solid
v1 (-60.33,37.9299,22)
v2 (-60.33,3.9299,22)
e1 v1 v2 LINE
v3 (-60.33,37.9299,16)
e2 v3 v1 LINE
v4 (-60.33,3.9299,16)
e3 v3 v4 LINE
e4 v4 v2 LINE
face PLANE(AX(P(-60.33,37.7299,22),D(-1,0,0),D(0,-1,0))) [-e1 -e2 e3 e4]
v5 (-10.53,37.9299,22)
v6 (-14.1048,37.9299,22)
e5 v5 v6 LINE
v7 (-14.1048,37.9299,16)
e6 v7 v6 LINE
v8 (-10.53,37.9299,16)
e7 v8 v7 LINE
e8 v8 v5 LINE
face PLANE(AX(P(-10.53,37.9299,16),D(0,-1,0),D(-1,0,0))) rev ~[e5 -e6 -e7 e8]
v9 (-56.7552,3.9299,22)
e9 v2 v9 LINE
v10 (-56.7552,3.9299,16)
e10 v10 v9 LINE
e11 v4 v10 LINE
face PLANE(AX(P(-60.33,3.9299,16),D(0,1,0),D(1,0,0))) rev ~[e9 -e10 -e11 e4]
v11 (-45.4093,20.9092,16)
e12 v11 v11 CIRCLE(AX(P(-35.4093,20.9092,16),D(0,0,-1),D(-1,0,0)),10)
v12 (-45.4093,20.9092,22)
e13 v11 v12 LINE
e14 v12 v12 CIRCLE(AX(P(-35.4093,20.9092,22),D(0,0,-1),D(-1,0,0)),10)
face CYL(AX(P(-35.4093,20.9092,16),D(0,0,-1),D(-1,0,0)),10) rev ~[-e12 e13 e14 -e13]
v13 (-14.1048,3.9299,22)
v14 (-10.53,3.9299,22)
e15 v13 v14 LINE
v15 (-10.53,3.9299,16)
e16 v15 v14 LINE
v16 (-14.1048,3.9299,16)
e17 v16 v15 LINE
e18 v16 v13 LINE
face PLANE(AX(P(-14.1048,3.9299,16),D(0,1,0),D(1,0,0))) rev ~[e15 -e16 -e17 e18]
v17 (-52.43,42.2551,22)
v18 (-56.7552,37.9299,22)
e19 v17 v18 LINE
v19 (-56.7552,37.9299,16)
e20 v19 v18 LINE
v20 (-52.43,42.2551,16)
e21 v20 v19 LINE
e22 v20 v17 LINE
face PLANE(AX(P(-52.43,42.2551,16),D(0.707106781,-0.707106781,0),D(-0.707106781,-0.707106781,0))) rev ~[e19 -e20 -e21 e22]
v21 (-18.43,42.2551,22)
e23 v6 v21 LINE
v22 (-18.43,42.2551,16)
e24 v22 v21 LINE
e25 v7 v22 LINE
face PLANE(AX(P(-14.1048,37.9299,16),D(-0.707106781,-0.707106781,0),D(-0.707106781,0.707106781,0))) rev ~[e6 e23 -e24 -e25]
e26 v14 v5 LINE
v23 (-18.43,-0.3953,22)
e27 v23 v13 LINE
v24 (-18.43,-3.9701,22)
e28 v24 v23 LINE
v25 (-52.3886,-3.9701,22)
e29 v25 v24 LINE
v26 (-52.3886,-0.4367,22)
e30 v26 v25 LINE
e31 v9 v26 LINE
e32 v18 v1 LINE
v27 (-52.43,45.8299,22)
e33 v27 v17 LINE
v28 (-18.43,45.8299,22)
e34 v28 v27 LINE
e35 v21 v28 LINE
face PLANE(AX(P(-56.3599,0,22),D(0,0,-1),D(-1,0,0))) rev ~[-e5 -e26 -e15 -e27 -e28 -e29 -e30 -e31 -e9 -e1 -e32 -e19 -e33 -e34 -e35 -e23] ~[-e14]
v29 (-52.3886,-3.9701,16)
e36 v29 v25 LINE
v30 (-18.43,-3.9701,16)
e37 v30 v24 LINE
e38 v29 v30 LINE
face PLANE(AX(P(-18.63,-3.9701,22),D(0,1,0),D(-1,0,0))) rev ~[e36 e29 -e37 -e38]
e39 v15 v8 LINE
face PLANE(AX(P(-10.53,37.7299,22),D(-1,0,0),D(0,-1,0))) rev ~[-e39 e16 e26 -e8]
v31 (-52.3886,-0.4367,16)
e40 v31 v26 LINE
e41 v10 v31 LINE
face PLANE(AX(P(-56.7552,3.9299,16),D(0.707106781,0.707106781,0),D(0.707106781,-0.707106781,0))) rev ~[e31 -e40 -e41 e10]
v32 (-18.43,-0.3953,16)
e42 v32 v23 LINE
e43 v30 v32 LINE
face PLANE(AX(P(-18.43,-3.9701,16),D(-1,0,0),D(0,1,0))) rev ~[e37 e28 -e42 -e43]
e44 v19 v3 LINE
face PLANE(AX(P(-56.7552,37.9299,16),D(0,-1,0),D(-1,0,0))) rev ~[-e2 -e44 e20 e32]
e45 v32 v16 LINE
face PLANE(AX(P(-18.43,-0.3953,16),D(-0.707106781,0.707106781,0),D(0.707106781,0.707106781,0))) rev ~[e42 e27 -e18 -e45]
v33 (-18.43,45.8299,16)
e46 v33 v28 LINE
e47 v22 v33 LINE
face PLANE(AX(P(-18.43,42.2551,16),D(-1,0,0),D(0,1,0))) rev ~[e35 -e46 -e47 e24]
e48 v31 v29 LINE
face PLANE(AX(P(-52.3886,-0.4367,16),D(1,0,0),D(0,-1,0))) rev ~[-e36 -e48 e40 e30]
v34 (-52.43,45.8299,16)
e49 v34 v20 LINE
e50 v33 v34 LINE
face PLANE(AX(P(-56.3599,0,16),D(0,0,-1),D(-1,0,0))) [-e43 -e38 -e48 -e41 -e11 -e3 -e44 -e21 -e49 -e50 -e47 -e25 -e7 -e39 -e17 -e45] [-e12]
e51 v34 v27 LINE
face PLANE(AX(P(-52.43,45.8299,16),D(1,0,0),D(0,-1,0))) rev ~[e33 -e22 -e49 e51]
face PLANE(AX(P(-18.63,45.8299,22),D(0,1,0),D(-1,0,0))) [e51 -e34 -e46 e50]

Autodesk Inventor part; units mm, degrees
ref_plane "YZ Plane" through (0, 0, 0) normal (1, 0, 0) x (0, 1, 0)
ref_plane "XZ Plane" through (0, 0, 0) normal (0, 1, 0) x (-1, 0, 0)
ref_plane "Work Plane1" through (-56.3599, 0, 22) normal (0, 0, -1) x (-1, 0, 0)
sketch "Sketch1" plane through (-56.3599, 0, 22) normal (0, 0, -1) x (-1, 0, 0)
  line L0 (-4.0299, -0.3538) -> (-2.2322, 1.4439) construction
  arc A0 (-1.4439, 2.2322) -> (-2.2322, 1.4439) centre (-0.9299, 0.9299) ccw construction
  line L1 (-1.4439, 2.2322) -> (0.3538, 4.0299) construction
  line L2 (-37.8299, 42.8299) -> (-37.8299, 37.8299) construction
  line L3 (-37.8299, 37.8299) -> (-42.9208, 37.8299) construction
  line L4 (-37.8299, 42.2137) -> (-37.8299, 45.8299) construction
  line L5 (-37.8299, 45.8299) -> (-4.0299, 45.8299) construction
  line L6 (-4.0299, 45.8299) -> (-4.0299, 42.2137) construction
  line L7 (-4.0299, 4.0299) -> (0.3538, 4.0299) projected
  circle A1 centre (-20.9299, 20.9299) radius 17.5 projected
  line L8 (-20.9299, 58.9723) -> (17.1124, 20.9299) construction
  line L9 (17.1124, 20.9299) -> (-20.9299, -17.1124) construction
  line L10 (-20.9299, -17.1124) -> (-58.9723, 20.9299) construction
  line L11 (-58.9723, 20.9299) -> (-20.9299, 58.9723) construction
  line L12 (-20.9299, 58.9723) -> (-20.9299, -17.1124) construction
  line L13 (17.1124, 20.9299) -> (-58.9723, 20.9299) construction
  line L14 (-20.9299, 58.9723) -> (32.8701, 58.9723) construction
  line L15 (-43.4299, 43.4299) -> (1.5701, 43.4299) construction
  line L16 (1.5701, 43.4299) -> (1.5701, -1.5701) construction
  line L17 (1.5701, -1.5701) -> (-43.4299, -1.5701) construction
  line L18 (-43.4299, -1.5701) -> (-43.4299, 43.4299) construction
  line L19 (-43.4299, 43.4299) -> (1.5701, -1.5701) construction
  line L20 (1.5701, 43.4299) -> (-43.4299, -1.5701) construction
  line L21 (-43.4299, 5.3876) -> (-43.4299, 36.4723)
  line L22 (-43.4299, 36.4723) -> (-36.4723, 43.4299)
  line L23 (-36.4723, 43.4299) -> (-5.3876, 43.4299)
  line L24 (-5.3876, 43.4299) -> (1.5701, 36.4723)
  line L25 (1.5701, 36.4723) -> (1.5701, 5.3876)
  line L26 (1.5701, 5.3876) -> (-5.3876, -1.5701)
  line L27 (-5.3876, -1.5701) -> (-36.4723, -1.5701)
  line L28 (-36.4723, -1.5701) -> (-43.4299, 5.3876)
  line L29 (-4.0299, 42.2137) -> (-37.8299, 42.2137) projected
  line L30 (-4.0299, -0.3538) -> (-4.0299, 4.0299) projected
  circle A2 centre (-20.9299, 20.9299) radius 1.5
  line L31 (-10.9299, 10.9299) -> (-30.9299, 10.9299) construction
  line L32 (-30.9299, 10.9299) -> (-30.9299, 30.9299) construction
  line L33 (-30.9299, 30.9299) -> (-10.9299, 30.9299) construction
  line L34 (-10.9299, 30.9299) -> (-10.9299, 10.9299) construction
  line L35 (-10.9299, 10.9299) -> (-30.9299, 30.9299) construction
  line L36 (-30.9299, 10.9299) -> (-10.9299, 30.9299) construction
  circle A3 centre (-30.9299, 30.9299) radius 1.4
  circle A4 centre (-30.9299, 10.9299) radius 1.4
  circle A5 centre (-10.9299, 10.9299) radius 1.4
  line L37 (-45.8299, 37.8299) -> (-42.0723, 37.8299) construction
  line L38 (-42.1723, 37.7299) -> (-45.8299, 37.7299)
  line L39 (-45.8299, 37.7299) -> (-45.8299, 4.1299)
  line L40 (-45.8299, 4.1299) -> (-42.1723, 4.1299)
  line L41 (-42.1723, 4.1299) -> (-42.1723, 37.7299)
  line L42 (-45.8299, 4.0299) -> (-42.0723, 4.0299) construction
  line L43 (-45.8299, 37.8299) -> (-42.0723, 37.8299) projected
  line L44 (-37.7299, 45.8299) -> (-4.1299, 45.8299)
  line L45 (-4.1299, 45.8299) -> (-4.1299, 42.1723)
  line L46 (-4.1299, 42.1723) -> (-37.7299, 42.1723)
  line L47 (-37.7299, 42.1723) -> (-37.7299, 45.8299)
  line L48 (0.4701, 37.8299) -> (0.4701, 4.0299) construction
  line L49 (0.4701, 4.0299) -> (3.9701, 4.0299) construction
  line L50 (3.9701, 37.8299) -> (3.9701, 4.0299) construction
  line L51 (0.4701, 37.8299) -> (3.9701, 37.8299) construction
  line L52 (-45.8299, -3.9701) -> (-4.0299, -3.9701) construction
  line L53 (0.3124, 37.7299) -> (3.9701, 37.7299)
  line L54 (3.9701, 37.7299) -> (3.9701, 4.1299)
  line L55 (3.9701, 4.1299) -> (0.3124, 4.1299)
  line L56 (0.3124, 4.1299) -> (0.3124, 37.7299)
  line L57 (-4.1713, -0.3538) -> (-37.7299, -0.3538)
  line L58 (-37.7299, -0.3538) -> (-37.7299, -3.9701)
  line L59 (-37.7299, -3.9701) -> (-4.1713, -3.9701)
  line L60 (-4.1713, -3.9701) -> (-4.1713, -0.3538)
  point P0 (-37.8299, 4.0299)
  dimension "d18" = 53.8
  dimension "d19" = 45
  dimension "d20" = 53.8
  dimension "d21" = 45
  dimension "d22" = 45
  dimension "d30" = 20
  dimension "d31" = 20
  dimension "d32" = 2.8
  dimension "d33" = 2.8
  dimension "d34" = 2.8
  dimension "d35" = 3
  dimension "d36" = 0.1
  dimension "d37" = 0.1
  dimension "d38" = 0.1
  dimension "d39" = 0.1
extrude "Extrusion1" add sketch "Sketch1" along normal blind 6 contours L30 L26 L57 L28 L41 L22 L46 L24 L56 L7 | L7 L26 L30 | L56 L24 L25 L26 | L26 L25 L24 L53 L54 L55 | L60 L59 L58 L57 L28 L27 L26 | L26 L27 L28 L57 | L46 L22 L29 L24 | L24 L29 L45 | L40 L39 L38 L22 L21 L28 | L28 L21 L22 L41 | L29 L22 L23 L24 | L24 L23 L22 L29 L47 L44 L45 | L47 L29 L22 | A1 | A2 | A3 | A4 | A5
sketch "Skizze4" plane through (-56.3599, 0, 16) normal (0, 0, -1) x (-1, 0, 0)
  line L0 (-37.7299, 42.1723) -> (-42.1723, 37.7299) projected
  line L1 (-42.1723, 37.7299) -> (-45.8299, 37.7299) projected
  line L2 (-45.8299, 37.7299) -> (-45.8299, 4.1299) construction
  line L3 (-45.8299, 4.1299) -> (-42.1723, 4.1299) projected
  line L4 (-42.1723, 4.1299) -> (-37.6885, -0.3538) projected
  line L5 (-37.6885, -0.3538) -> (-37.7299, -0.3538) projected
  line L6 (-37.7299, -0.3538) -> (-37.7299, -3.9701) projected
  line L7 (-37.7299, -3.9701) -> (-4.1713, -3.9701) construction
  line L8 (-4.1713, -3.9701) -> (-4.1713, -0.3538) projected
  line L9 (-4.1713, -0.3538) -> (0.3124, 4.1299) projected
  line L10 (0.3124, 4.1299) -> (3.9701, 4.1299) projected
  line L11 (3.9701, 4.1299) -> (3.9701, 37.7299) construction
  line L12 (3.9701, 37.7299) -> (0.3124, 37.7299) projected
  line L13 (0.3124, 37.7299) -> (-4.1299, 42.1723) projected
  line L14 (-4.1299, 42.1723) -> (-4.1299, 45.8299) projected
  line L15 (-4.1299, 45.8299) -> (-37.7299, 45.8299) construction
  line L16 (-37.7299, 45.8299) -> (-37.7299, 42.1723) projected
  line L17 (-37.9299, 46.0299) -> (-3.9299, 46.0299) construction
  line L18 (-3.9299, 46.0299) -> (-3.9299, 42.2551)
  line L19 (-3.9299, 42.2551) -> (0.3953, 37.9299)
  line L20 (0.3953, 37.9299) -> (4.1701, 37.9299)
  line L21 (4.1701, 37.9299) -> (4.1701, 3.9299) construction
  line L22 (4.1701, 3.9299) -> (0.3953, 3.9299)
  line L23 (0.3953, 3.9299) -> (-3.9713, -0.4367)
  line L24 (-3.9713, -0.4367) -> (-3.9713, -4.1701)
  line L25 (-3.9713, -4.1701) -> (-37.9299, -4.1701) construction
  line L26 (-37.9299, -4.1701) -> (-37.9299, -0.3953)
  line L27 (-37.9299, -0.3953) -> (-42.2551, 3.9299)
  line L28 (-42.2551, 3.9299) -> (-46.0299, 3.9299)
  line L29 (-46.0299, 3.9299) -> (-46.0299, 37.9299) construction
  line L30 (-46.0299, 37.9299) -> (-42.2551, 37.9299)
  line L31 (-42.2551, 37.9299) -> (-37.9299, 42.2551)
  line L32 (-37.9299, 42.2551) -> (-37.9299, 46.0299)
  line L33 (-45.8299, 37.7299) -> (-45.8299, 37.9299)
  line L34 (-4.1299, 45.8299) -> (-37.7299, 45.8299) projected
  line L35 (-37.7299, 45.8299) -> (-37.9299, 45.8299)
  line L36 (-4.1299, 45.8299) -> (-3.9299, 45.8299)
  line L37 (3.9701, 37.7299) -> (3.9701, 37.9299)
  line L38 (3.9701, 4.1299) -> (3.9701, 37.7299) projected
  line L39 (3.9701, 4.1299) -> (3.9701, 3.9299)
  line L40 (-4.1713, -3.9701) -> (-3.9713, -3.9701)
  line L41 (-37.7299, -3.9701) -> (-37.9299, -3.9701)
  line L42 (-45.8299, 4.1299) -> (-45.8299, 3.9299)
  point P0 (-56.3599, 0)
  dimension "d40" = 0.2
extrude "IM_offset" add sketch "Skizze4" against normal up to surface (6 mm away)
ref_plane "Arbeitsebene5" through (-35.4299, 3.9299, 22) normal (-1, 0, 0) x (0, 0, 1)
ref_plane "Arbeitsebene6" through (-18.4299, 20.9299, 22) normal (0, 1, 0) x (-1, 0, 0)
sketch "Skizze31" plane through (-56.3599, 0, 16) normal (0, 0, -1) x (-1, 0, 0)
  line L0 (3.9701, 3.9299) -> (3.9701, 37.9299) projected
  line L1 (3.9701, 37.9299) -> (0.3953, 37.9299) projected
  line L2 (0.3953, 37.9299) -> (-3.9299, 42.2551) projected
  line L3 (-3.9299, 42.2551) -> (-3.9299, 45.8299) projected
  line L4 (-3.9299, 45.8299) -> (-37.9299, 45.8299) projected
  line L5 (-37.9299, 45.8299) -> (-37.9299, 42.2551) projected
  line L6 (-37.9299, 42.2551) -> (-42.2551, 37.9299) projected
  line L7 (-42.2551, 37.9299) -> (-45.8299, 37.9299) projected
  line L8 (-45.8299, 37.9299) -> (-45.8299, 3.9299) projected
  line L9 (-42.2551, 3.9299) -> (-45.8299, 3.9299) projected
  line L10 (-37.9299, -0.3953) -> (-42.2551, 3.9299) projected
  line L11 (-37.9299, -3.9701) -> (-37.9299, -0.3953) projected
  line L12 (-3.9713, -3.9701) -> (-37.9299, -3.9701) projected
  line L13 (-3.9713, -3.9701) -> (-3.9713, -0.4367) projected
  line L14 (-3.9713, -0.4367) -> (0.3953, 3.9299) projected
  line L15 (0.3953, 3.9299) -> (3.9701, 3.9299) projected
  circle A0 centre (-20.9506, 20.9092) radius 10
  point P0 (-56.3599, 0)
  dimension "d181" = 20
extrude "Extrusion26" cut sketch "Skizze31" against normal blind 10 contours A0
properties part number "20_Cube_Insert_Filter_25mm"
